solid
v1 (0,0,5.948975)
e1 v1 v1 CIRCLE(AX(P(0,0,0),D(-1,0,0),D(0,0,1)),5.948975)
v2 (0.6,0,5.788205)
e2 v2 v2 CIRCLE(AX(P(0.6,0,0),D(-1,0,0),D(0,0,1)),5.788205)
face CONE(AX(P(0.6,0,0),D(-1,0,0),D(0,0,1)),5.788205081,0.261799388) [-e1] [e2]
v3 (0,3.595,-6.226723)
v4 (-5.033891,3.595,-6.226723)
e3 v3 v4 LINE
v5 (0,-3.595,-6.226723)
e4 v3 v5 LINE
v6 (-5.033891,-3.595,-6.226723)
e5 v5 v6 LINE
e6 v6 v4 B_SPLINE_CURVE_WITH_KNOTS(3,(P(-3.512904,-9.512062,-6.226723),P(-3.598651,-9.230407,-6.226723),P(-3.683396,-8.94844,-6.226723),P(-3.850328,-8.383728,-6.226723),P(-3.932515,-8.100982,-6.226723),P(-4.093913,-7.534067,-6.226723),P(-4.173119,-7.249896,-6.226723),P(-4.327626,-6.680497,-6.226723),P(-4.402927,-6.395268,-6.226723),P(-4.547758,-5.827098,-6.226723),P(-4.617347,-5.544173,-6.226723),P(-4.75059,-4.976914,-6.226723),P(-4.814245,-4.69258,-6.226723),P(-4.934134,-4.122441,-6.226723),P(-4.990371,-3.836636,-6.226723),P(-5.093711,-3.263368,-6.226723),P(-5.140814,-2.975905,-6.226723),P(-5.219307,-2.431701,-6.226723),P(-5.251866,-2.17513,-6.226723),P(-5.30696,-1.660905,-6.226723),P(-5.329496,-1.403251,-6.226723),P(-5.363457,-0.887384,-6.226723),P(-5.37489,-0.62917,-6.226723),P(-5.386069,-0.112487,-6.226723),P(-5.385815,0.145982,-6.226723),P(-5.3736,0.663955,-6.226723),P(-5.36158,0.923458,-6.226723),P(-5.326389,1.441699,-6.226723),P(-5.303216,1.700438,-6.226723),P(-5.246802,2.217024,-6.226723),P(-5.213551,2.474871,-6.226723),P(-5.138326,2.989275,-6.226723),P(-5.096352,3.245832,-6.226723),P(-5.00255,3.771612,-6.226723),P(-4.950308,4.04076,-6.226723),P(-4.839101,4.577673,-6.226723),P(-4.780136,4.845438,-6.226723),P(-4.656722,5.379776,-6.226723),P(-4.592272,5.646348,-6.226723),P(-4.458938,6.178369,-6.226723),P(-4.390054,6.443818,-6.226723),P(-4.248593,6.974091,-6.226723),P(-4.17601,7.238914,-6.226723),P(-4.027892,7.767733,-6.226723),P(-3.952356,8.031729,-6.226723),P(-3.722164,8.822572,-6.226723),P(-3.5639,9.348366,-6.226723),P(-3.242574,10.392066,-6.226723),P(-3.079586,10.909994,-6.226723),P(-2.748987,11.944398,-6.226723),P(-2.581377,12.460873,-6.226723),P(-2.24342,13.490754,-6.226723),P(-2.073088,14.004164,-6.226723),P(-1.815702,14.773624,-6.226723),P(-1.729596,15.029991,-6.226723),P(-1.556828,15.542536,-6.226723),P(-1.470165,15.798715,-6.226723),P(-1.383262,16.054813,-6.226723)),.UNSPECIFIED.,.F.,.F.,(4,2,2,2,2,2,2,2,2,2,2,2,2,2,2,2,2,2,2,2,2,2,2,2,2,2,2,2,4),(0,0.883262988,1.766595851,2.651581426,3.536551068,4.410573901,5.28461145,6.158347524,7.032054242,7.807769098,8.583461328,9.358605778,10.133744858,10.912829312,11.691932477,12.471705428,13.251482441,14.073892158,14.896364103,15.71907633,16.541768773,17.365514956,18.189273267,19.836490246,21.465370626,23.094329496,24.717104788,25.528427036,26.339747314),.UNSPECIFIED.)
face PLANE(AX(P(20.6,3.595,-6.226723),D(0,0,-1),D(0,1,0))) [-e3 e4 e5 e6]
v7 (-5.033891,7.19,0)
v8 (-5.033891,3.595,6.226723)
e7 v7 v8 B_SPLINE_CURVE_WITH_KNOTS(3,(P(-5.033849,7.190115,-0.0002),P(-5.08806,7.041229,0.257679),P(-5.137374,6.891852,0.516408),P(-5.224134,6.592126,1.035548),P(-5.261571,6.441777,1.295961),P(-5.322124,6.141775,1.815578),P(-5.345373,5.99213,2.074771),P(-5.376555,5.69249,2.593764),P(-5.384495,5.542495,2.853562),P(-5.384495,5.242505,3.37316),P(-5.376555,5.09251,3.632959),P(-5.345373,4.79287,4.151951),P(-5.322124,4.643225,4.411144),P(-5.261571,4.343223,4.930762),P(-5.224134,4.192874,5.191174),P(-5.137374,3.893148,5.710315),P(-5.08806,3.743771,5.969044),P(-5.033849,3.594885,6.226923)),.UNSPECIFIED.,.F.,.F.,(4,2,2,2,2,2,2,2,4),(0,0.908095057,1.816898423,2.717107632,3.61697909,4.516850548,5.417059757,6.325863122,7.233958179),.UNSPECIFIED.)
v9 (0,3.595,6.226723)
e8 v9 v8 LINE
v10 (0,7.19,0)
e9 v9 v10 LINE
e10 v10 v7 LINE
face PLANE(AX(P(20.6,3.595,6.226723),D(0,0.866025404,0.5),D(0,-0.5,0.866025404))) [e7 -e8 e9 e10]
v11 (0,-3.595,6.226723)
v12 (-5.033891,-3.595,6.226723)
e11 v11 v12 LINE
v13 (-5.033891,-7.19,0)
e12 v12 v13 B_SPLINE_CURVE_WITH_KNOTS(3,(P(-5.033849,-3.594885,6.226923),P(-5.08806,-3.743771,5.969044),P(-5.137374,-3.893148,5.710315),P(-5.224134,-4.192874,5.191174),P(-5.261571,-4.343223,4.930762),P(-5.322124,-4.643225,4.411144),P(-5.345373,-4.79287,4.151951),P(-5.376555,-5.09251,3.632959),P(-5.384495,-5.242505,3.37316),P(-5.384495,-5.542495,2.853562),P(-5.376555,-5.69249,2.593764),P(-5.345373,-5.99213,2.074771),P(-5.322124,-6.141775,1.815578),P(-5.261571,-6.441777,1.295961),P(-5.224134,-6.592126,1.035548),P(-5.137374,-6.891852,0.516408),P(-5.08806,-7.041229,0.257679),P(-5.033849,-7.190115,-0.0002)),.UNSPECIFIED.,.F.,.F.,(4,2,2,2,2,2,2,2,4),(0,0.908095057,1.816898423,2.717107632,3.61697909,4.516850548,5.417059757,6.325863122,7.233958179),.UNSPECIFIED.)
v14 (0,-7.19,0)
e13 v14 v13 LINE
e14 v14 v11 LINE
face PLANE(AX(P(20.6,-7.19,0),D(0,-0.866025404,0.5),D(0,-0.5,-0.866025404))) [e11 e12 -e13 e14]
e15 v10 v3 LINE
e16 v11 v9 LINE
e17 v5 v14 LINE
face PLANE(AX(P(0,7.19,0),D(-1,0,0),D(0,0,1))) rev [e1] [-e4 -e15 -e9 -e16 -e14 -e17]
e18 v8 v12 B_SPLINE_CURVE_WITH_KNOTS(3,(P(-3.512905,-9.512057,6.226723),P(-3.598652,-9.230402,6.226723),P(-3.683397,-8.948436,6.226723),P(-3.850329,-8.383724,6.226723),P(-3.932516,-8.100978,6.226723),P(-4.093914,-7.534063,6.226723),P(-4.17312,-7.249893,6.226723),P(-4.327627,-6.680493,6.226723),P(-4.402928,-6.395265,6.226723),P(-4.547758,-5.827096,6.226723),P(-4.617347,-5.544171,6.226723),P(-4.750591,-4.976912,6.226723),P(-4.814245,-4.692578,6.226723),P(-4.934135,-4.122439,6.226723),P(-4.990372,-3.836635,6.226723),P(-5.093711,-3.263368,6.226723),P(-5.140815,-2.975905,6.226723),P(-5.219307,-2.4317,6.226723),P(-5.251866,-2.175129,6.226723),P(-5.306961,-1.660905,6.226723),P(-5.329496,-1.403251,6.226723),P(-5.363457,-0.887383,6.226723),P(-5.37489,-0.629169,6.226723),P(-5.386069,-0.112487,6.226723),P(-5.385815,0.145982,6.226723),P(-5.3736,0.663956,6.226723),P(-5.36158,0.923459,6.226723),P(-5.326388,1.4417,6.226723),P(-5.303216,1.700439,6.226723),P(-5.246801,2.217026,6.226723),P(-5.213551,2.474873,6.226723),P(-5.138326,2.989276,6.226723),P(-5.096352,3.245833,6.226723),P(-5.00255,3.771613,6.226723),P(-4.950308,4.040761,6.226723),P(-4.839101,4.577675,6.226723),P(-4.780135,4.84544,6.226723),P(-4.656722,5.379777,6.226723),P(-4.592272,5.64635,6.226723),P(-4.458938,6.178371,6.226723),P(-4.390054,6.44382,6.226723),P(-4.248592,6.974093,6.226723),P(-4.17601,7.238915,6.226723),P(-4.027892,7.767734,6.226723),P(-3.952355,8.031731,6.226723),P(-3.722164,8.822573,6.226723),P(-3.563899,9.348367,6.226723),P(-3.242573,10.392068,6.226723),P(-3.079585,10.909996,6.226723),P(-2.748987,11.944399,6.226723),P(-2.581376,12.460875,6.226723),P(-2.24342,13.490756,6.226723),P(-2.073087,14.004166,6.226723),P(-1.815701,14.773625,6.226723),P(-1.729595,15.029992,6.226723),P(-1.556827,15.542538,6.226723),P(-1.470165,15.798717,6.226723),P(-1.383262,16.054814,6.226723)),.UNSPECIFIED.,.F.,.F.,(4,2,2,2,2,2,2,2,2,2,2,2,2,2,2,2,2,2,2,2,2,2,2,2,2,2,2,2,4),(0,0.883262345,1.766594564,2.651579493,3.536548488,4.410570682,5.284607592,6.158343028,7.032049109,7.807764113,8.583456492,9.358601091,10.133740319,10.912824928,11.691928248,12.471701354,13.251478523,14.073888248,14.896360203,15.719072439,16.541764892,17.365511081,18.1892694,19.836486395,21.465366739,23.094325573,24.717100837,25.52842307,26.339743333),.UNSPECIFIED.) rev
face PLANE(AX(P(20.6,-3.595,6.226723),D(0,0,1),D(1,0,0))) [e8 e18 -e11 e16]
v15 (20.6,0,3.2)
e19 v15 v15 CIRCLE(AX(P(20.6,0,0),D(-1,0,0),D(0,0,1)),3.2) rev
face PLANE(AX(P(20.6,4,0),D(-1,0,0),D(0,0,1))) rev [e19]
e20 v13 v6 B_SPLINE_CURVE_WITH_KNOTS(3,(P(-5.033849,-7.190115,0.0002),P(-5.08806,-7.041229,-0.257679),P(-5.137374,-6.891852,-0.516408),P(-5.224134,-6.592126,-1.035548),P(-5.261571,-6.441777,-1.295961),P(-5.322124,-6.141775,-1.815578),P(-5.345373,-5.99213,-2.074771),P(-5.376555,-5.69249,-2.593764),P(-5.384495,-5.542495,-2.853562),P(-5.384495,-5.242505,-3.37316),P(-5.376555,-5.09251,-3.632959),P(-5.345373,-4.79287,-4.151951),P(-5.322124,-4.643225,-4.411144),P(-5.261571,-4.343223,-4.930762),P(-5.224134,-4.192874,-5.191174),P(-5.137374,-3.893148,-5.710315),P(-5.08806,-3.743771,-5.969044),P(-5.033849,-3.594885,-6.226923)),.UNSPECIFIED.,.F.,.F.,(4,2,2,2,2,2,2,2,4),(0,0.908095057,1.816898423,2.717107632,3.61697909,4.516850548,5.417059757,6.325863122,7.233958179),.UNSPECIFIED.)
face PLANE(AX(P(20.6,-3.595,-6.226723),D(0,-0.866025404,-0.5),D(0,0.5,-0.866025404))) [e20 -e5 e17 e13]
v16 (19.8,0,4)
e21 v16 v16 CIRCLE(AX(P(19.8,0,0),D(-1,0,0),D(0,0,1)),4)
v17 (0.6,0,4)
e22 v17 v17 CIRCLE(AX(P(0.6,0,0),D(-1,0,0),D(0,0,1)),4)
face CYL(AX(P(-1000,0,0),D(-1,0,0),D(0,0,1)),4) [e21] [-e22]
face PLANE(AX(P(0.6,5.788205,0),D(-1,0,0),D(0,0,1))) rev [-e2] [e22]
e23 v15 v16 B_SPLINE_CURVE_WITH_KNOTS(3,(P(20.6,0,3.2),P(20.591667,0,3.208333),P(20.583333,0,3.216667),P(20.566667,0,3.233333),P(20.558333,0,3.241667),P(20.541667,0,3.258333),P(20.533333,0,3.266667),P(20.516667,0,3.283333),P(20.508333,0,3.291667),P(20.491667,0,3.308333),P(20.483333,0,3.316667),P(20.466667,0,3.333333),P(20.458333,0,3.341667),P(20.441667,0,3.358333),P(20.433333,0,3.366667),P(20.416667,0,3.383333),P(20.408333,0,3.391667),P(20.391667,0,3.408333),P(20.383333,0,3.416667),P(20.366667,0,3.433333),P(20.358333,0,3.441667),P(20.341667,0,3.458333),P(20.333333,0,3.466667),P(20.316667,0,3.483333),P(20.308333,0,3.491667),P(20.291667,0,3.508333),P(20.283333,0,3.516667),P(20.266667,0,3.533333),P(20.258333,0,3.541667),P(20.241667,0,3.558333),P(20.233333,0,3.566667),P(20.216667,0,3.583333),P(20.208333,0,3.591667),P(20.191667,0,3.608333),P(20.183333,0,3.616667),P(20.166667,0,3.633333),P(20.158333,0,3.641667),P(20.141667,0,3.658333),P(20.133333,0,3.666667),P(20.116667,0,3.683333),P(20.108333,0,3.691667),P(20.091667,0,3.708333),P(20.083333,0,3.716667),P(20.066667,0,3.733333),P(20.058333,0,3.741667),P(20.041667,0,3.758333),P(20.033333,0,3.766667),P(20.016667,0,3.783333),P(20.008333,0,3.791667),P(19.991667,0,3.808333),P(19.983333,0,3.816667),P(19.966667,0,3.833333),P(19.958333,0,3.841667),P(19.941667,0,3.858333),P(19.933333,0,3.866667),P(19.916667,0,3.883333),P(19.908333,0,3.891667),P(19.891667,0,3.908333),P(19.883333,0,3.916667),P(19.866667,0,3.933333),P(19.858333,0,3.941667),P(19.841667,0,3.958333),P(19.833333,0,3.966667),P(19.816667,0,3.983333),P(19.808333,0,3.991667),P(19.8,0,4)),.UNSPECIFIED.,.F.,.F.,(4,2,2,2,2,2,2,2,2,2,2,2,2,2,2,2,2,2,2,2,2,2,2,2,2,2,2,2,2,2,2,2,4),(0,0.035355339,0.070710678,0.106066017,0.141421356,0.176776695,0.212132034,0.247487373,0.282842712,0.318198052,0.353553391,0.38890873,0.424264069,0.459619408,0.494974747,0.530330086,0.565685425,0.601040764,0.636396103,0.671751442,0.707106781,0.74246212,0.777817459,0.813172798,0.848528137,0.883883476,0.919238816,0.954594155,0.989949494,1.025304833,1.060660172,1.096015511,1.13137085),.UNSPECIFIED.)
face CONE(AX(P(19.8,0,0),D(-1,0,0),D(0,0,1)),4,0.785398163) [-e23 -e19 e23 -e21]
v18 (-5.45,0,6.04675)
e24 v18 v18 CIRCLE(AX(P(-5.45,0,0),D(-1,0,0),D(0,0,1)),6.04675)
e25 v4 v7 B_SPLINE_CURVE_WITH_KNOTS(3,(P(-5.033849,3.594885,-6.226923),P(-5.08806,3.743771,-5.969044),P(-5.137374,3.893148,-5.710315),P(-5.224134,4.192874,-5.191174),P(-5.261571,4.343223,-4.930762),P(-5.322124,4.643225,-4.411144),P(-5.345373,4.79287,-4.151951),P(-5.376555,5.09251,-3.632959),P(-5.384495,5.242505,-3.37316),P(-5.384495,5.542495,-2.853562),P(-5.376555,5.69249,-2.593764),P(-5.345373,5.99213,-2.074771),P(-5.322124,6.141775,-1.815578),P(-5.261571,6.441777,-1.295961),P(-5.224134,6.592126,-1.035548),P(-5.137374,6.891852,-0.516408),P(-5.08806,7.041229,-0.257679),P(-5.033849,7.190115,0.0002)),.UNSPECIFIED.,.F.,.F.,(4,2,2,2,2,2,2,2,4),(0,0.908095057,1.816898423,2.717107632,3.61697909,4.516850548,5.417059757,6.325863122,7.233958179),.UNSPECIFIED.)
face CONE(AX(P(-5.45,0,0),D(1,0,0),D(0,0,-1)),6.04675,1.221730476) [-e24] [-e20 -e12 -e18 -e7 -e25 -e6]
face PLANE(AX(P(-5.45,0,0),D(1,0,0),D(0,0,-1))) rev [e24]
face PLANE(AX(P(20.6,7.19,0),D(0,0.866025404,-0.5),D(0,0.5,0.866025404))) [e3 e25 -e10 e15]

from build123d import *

# Parameters (mm, degrees)
SKETCH_2_OUTSIDE_W  = 22.99
SKETCH_2_OUTSIDE_H  = 22.99
CUT_EXTRUDE_1_DEPTH = 28.964168144
CHAMFER_1_SIZE      = 0.8


with BuildPart() as part:
    # Эскиз1 → Повернуть1 (revolve)
    with BuildSketch(Plane.XY, mode=Mode.PRIVATE) as revolve_1_sk:
        Polygon((-5.45, 0), (-5.45, 7.19), (0, 7.19), (0, 5.948974596), (0.6, 5.788205081), (0.6, 4), (20.6, 4), (20.6, 0), align=None)
    revolve(revolve_1_sk.sketch.rotate(Axis((-1000, 0, 0), (1, 0, 0)), 90), axis=Axis((-1000, 0, 0), (1, 0, 0)))

    # Эскиз2 outside → Вырез-Вытянуть1 (cut, through all)
    with BuildSketch(Plane.ZY.offset(5.45)):
        Rectangle(SKETCH_2_OUTSIDE_W, SKETCH_2_OUTSIDE_H)
        Polygon((0, -7.19), (6.226722653, -3.595), (6.226722653, 3.595), (0, 7.19), (-6.226722653, 3.595), (-6.226722653, -3.595), align=None, mode=Mode.SUBTRACT)
    extrude(amount=-CUT_EXTRUDE_1_DEPTH, mode=Mode.SUBTRACT)

    # Эскиз4 → Вырез-Повернуть1 (revolve, cut)
    with BuildSketch(Plane.XY, mode=Mode.PRIVATE) as cut_revolve_1_sk:
        Polygon((-5.45, 6.04675), (-5.03389103, 7.19), (-5.45, 7.19), align=None)
    revolve(cut_revolve_1_sk.sketch.rotate(Axis((-1000, 0, 0), (1, 0, 0)), 299.999999983), axis=Axis((-1000, 0, 0), (1, 0, 0)), mode=Mode.SUBTRACT)

    # Фаска1
    chamfer_1_edges = [part.edges().sort_by_distance(p)[0] for p in [
        (20.6, 0, -4),
    ]]
    chamfer(chamfer_1_edges, length=CHAMFER_1_SIZE)


solid = part.part
